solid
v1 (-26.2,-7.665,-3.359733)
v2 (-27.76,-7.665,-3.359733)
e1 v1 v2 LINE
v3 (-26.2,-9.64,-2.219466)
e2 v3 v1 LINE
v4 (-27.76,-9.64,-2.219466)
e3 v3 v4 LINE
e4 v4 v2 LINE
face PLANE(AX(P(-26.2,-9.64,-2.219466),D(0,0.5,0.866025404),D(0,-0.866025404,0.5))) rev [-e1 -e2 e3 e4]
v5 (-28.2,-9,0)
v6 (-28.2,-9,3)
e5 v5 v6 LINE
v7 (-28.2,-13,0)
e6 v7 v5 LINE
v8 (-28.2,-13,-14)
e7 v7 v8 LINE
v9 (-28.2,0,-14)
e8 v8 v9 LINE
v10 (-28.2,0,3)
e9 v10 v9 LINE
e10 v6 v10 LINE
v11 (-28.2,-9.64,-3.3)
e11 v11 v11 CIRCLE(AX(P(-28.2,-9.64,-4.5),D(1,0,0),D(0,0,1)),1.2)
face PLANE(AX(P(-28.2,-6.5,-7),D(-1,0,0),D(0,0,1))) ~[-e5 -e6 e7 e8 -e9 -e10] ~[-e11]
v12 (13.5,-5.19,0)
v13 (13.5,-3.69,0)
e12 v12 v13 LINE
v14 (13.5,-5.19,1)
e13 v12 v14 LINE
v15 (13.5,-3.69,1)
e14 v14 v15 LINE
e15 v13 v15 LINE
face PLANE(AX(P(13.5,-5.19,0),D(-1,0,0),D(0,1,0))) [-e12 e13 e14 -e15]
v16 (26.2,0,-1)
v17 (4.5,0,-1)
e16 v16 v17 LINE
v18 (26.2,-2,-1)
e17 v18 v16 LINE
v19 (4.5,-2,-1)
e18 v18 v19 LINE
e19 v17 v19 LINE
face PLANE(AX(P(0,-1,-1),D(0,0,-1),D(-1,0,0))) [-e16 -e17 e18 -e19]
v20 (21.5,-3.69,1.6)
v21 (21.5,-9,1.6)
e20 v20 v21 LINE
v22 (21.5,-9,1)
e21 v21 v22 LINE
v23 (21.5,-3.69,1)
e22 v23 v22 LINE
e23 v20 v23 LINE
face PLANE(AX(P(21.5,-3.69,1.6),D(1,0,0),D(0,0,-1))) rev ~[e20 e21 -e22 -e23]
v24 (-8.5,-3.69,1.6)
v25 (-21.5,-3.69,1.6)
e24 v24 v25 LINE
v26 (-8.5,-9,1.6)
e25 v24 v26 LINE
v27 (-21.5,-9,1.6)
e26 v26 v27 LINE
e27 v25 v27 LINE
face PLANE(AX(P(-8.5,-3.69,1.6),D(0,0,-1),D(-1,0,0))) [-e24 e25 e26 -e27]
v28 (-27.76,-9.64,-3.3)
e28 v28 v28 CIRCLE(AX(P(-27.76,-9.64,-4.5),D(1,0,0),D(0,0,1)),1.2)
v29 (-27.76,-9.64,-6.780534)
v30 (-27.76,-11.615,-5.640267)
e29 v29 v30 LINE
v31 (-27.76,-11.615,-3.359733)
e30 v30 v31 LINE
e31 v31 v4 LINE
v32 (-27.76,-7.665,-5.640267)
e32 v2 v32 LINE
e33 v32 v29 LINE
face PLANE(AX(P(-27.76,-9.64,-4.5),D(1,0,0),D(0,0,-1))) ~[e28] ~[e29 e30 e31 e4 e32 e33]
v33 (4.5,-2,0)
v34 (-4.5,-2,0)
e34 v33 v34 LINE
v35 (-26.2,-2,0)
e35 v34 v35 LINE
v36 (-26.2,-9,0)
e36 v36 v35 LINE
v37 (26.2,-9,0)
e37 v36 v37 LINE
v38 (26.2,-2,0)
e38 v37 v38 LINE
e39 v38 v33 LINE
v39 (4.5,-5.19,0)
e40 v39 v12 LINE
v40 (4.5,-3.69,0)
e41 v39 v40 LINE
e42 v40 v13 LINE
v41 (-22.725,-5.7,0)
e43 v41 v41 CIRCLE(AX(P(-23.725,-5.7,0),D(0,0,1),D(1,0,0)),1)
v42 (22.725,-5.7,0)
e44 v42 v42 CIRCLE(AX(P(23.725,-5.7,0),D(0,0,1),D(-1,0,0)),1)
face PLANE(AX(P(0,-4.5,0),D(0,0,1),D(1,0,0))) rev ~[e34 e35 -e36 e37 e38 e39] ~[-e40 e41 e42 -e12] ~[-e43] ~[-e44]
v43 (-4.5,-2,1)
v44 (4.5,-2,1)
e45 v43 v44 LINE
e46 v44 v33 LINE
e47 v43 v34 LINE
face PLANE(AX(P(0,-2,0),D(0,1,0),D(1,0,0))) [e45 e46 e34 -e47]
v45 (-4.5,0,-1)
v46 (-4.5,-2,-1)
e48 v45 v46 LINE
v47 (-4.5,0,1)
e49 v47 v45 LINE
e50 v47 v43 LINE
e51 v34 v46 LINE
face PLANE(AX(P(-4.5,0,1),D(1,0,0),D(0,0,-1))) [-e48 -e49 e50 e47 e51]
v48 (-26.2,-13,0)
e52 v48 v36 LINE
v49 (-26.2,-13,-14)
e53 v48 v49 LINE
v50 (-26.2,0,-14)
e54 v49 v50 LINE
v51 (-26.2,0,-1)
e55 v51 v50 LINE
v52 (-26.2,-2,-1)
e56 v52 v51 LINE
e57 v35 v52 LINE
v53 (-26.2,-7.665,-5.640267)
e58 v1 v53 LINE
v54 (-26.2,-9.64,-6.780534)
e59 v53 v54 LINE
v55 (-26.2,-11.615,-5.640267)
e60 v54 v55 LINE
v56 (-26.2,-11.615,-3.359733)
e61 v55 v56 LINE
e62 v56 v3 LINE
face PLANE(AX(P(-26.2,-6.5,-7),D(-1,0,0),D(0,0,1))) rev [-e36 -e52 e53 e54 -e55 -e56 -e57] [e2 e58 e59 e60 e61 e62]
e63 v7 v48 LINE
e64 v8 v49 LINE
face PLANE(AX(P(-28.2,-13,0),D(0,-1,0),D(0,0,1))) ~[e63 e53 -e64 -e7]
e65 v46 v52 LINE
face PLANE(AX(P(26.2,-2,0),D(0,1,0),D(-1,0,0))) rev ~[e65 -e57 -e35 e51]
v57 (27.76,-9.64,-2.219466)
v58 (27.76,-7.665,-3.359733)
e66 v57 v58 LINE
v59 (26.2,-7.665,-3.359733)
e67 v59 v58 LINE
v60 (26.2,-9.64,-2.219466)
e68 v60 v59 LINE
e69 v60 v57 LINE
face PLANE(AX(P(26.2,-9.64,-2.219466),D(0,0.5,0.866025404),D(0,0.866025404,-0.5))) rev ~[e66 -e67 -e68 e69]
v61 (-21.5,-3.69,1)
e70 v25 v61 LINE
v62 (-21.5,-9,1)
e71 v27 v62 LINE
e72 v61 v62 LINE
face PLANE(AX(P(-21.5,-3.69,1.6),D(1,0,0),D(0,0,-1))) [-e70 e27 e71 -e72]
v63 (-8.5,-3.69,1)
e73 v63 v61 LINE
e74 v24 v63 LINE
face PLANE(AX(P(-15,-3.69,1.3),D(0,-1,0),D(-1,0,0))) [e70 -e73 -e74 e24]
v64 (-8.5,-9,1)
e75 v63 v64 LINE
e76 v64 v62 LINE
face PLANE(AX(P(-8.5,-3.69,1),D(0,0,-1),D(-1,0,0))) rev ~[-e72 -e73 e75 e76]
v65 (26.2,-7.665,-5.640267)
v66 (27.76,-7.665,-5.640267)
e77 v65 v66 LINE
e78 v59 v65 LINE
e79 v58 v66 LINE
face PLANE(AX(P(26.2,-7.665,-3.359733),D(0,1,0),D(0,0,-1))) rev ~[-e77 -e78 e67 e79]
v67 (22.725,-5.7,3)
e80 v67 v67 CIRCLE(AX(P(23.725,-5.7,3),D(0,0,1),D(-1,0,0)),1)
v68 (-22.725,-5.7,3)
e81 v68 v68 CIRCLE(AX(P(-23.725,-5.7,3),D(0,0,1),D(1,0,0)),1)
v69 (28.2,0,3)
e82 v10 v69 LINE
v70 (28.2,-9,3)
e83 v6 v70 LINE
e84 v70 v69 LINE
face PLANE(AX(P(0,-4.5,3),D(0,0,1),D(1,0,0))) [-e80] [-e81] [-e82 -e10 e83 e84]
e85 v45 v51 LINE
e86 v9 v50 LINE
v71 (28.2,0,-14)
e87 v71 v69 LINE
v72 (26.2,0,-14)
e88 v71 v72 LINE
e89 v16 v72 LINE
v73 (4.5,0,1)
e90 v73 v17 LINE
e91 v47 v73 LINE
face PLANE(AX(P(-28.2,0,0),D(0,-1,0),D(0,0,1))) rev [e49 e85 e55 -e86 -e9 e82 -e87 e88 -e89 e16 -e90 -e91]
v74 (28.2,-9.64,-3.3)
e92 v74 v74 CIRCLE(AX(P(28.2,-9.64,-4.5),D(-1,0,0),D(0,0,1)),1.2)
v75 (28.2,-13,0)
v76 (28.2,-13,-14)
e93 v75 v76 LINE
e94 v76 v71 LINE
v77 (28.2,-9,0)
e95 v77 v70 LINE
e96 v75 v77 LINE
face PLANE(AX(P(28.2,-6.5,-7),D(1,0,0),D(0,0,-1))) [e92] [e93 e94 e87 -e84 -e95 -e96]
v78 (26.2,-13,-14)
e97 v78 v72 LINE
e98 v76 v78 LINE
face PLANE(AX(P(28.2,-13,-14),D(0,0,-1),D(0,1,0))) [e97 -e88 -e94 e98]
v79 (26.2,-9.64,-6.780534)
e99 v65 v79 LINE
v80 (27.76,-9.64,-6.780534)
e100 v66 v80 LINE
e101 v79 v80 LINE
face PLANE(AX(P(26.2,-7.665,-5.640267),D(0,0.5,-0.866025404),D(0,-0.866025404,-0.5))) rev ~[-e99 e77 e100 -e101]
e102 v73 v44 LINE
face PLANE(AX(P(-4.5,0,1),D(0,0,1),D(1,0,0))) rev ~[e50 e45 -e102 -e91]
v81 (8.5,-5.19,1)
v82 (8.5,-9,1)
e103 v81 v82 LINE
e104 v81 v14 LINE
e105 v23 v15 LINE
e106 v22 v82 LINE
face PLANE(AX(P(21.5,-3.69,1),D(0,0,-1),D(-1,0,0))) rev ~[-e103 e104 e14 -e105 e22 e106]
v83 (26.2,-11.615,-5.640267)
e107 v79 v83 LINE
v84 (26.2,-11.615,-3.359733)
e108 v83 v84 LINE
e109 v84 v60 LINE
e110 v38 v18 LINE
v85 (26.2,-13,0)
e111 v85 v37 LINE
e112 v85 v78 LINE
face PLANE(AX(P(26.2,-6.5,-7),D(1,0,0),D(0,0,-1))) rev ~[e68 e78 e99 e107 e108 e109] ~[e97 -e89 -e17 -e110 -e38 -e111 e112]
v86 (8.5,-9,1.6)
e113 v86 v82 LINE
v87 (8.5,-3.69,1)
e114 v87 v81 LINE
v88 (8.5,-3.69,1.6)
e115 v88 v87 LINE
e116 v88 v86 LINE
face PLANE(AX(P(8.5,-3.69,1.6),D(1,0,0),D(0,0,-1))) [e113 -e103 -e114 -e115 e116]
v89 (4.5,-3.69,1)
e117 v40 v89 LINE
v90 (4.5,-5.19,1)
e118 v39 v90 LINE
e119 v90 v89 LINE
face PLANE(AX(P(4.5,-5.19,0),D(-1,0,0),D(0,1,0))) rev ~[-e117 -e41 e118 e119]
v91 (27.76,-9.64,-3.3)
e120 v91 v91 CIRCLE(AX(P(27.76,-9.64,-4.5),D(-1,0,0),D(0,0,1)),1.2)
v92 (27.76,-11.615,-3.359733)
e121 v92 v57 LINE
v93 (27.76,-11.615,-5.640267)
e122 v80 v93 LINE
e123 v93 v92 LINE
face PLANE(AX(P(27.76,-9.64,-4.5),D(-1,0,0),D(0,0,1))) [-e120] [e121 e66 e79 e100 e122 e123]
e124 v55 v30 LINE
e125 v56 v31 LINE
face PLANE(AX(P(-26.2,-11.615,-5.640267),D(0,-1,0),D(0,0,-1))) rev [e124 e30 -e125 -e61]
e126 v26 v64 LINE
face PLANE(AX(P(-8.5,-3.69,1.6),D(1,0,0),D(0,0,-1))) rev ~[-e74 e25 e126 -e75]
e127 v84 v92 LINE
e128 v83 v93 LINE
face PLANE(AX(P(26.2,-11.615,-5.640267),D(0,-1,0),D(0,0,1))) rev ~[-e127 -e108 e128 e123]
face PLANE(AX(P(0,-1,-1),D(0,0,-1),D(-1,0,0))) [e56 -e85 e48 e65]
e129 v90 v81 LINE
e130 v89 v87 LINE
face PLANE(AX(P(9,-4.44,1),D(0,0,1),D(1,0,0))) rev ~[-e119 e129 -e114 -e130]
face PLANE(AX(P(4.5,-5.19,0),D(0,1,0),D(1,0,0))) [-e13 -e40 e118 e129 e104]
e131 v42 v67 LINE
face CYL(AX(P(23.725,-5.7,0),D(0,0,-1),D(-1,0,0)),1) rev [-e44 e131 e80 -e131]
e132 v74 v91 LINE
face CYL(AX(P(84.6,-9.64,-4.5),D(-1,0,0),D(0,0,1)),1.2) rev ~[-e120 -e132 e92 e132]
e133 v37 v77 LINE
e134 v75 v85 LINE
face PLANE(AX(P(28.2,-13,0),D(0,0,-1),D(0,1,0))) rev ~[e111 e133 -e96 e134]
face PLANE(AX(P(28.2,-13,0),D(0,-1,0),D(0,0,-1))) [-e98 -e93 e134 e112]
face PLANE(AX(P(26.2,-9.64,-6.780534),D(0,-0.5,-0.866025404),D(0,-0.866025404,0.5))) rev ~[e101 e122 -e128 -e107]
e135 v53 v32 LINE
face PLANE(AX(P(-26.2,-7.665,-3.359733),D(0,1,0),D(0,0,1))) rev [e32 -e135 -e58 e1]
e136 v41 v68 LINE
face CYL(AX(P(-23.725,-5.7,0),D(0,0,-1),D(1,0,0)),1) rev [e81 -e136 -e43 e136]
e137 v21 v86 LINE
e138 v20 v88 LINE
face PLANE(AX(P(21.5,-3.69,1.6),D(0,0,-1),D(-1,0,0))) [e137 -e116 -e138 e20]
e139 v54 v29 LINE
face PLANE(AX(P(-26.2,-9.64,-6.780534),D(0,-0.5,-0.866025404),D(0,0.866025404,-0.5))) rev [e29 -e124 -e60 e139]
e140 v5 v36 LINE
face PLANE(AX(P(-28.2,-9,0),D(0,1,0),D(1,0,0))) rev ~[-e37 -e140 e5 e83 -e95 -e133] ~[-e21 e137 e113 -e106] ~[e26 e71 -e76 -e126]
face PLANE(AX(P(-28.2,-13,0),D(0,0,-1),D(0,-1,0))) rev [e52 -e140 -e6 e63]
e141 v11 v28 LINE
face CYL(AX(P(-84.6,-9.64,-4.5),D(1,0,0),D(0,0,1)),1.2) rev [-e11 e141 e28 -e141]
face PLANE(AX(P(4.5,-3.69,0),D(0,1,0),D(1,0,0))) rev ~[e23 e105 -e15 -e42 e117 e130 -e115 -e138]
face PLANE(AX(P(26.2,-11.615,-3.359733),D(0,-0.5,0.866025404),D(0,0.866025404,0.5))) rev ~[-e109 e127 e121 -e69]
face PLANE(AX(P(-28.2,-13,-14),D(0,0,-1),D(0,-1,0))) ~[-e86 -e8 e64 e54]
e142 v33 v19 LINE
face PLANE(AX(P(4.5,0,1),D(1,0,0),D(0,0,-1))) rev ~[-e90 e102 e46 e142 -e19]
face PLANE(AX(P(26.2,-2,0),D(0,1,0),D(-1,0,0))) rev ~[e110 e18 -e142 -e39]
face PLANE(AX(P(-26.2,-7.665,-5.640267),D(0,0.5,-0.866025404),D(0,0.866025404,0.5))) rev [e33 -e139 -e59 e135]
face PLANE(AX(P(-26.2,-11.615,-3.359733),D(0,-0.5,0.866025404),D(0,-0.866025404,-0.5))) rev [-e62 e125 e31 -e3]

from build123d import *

# Parameters (mm, degrees)
SCHIZZO1_W                   = 56.4
SCHIZZO1_H                   = 9
SCHIZZO1_R                   = 1
ESTRUSIONE_ESTRUSIONE1_DEPTH = 3
SCHIZZO3_W                   = 14
SCHIZZO3_H                   = 13
ESTRUSIONE_ESTRUSIONE3_DEPTH = 2
FORO_PER_VITE_M2_1_D         = 2.4
FORO_PER_VITE_M2_1_DEPTH     = 56.4
TAGLIO_ESTRUSIONE1_DEPTH     = 1.56
SCHIZZO8_W                   = 9
SCHIZZO8_H                   = 1.5
TAGLIO_ESTRUSIONE2_DEPTH     = 1
SCHIZZO2_W                   = 52.4
SCHIZZO2_H                   = 2
ESTRUSIONE_ESTRUSIONE6_DEPTH = 1
SCHIZZO9_W                   = 9
SCHIZZO9_H                   = 2
TAGLIO_ESTRUSIONE3_DEPTH     = 2
TAGLIO_ESTRUSIONE5_START     = -29.09
SCHIZZO11_W                  = 13
SCHIZZO11_H                  = 0.6
TAGLIO_ESTRUSIONE5_DEPTH     = 74.965030919


with BuildPart() as part:
    # Schizzo1 → Estrusione-Estrusione1 (new body)
    with BuildSketch(Plane.XY):
        with Locations((0, -4.5)):
            Rectangle(SCHIZZO1_W, SCHIZZO1_H)
        with Locations((-23.725, -5.7)):
            Circle(SCHIZZO1_R, mode=Mode.SUBTRACT)
        with Locations(Location((23.725, -5.7, 0), (0, 0, 180))):
            Circle(SCHIZZO1_R, mode=Mode.SUBTRACT)
    extrude(amount=ESTRUSIONE_ESTRUSIONE1_DEPTH)

    # Schizzo3 → Estrusione-Estrusione3 (add)
    with BuildSketch(Plane(origin=(28.2, 0, 0), x_dir=(0, 0, -1), z_dir=(1, 0, 0))):
        with Locations((7, -6.5)):
            Rectangle(SCHIZZO3_W, SCHIZZO3_H)
    estrusione_estrusione3 = extrude(amount=-ESTRUSIONE_ESTRUSIONE3_DEPTH)

    # Foro per Vite M2-1
    with Locations(Plane(origin=(28.2, 0, 0), x_dir=(0, 0, -1), z_dir=(1, 0, 0))):
        with Locations((4.5, -9.64)):
            foro_per_vite_m2_1 = Hole(FORO_PER_VITE_M2_1_D / 2, depth=FORO_PER_VITE_M2_1_DEPTH)

    # Schizzo6 → Taglio-Estrusione1 (cut)
    with BuildSketch(Plane.ZY.offset(-26.2)):
        Polygon((-3.359733218, -7.665), (-5.640266782, -7.665), (-6.780533563, -9.64), (-5.640266782, -11.615), (-3.359733218, -11.615), (-2.219466437, -9.64), align=None)
    taglio_estrusione1 = extrude(amount=-TAGLIO_ESTRUSIONE1_DEPTH, mode=Mode.SUBTRACT)

    # Specchia2: Estrusione-Estrusione3, Foro per Vite M2-1, Taglio-Estrusione1 across plane
    add(estrusione_estrusione3.mirror(Plane(origin=(0, 0, 0), x_dir=(0, 0, 1), z_dir=(1, 0, 0))))
    add(foro_per_vite_m2_1.mirror(Plane(origin=(0, 0, 0), x_dir=(0, 0, 1), z_dir=(1, 0, 0))), mode=Mode.SUBTRACT)
    add(taglio_estrusione1.mirror(Plane(origin=(0, 0, 0), x_dir=(0, 0, 1), z_dir=(1, 0, 0))), mode=Mode.SUBTRACT)

    # Schizzo8 → Taglio-Estrusione2 (cut)
    with BuildSketch(Plane.XY):
        with Locations((9, -4.44)):
            Rectangle(SCHIZZO8_W, SCHIZZO8_H)
    extrude(amount=TAGLIO_ESTRUSIONE2_DEPTH, mode=Mode.SUBTRACT)

    # Schizzo2 → Estrusione-Estrusione6 (add)
    with BuildSketch(Plane(origin=(0, 0, 0), x_dir=(-1, 0, 0), z_dir=(0, 0, -1))):
        with Locations((0, -1)):
            Rectangle(SCHIZZO2_W, SCHIZZO2_H)
    extrude(amount=ESTRUSIONE_ESTRUSIONE6_DEPTH)

    # Schizzo9 → Taglio-Estrusione3 (cut)
    with BuildSketch(Plane(origin=(0, 0, 0), x_dir=(1, 0, 0), z_dir=(0, 1, 0))):
        Rectangle(SCHIZZO9_W, SCHIZZO9_H)
    extrude(amount=-TAGLIO_ESTRUSIONE3_DEPTH, mode=Mode.SUBTRACT)

    # Schizzo11 → Taglio-Estrusione5 (cut, through all)
    with BuildSketch(Plane(origin=(0, -32.78, -9), x_dir=(-1, 0, 0), z_dir=(0, -1, 0)).offset(TAGLIO_ESTRUSIONE5_START)):
        with Locations((15, -10.3)):
            Rectangle(SCHIZZO11_W, SCHIZZO11_H)
        with Locations((-15, -10.3)):
            Rectangle(SCHIZZO11_W, SCHIZZO11_H)
    extrude(amount=TAGLIO_ESTRUSIONE5_DEPTH, mode=Mode.SUBTRACT)


solid = part.part
